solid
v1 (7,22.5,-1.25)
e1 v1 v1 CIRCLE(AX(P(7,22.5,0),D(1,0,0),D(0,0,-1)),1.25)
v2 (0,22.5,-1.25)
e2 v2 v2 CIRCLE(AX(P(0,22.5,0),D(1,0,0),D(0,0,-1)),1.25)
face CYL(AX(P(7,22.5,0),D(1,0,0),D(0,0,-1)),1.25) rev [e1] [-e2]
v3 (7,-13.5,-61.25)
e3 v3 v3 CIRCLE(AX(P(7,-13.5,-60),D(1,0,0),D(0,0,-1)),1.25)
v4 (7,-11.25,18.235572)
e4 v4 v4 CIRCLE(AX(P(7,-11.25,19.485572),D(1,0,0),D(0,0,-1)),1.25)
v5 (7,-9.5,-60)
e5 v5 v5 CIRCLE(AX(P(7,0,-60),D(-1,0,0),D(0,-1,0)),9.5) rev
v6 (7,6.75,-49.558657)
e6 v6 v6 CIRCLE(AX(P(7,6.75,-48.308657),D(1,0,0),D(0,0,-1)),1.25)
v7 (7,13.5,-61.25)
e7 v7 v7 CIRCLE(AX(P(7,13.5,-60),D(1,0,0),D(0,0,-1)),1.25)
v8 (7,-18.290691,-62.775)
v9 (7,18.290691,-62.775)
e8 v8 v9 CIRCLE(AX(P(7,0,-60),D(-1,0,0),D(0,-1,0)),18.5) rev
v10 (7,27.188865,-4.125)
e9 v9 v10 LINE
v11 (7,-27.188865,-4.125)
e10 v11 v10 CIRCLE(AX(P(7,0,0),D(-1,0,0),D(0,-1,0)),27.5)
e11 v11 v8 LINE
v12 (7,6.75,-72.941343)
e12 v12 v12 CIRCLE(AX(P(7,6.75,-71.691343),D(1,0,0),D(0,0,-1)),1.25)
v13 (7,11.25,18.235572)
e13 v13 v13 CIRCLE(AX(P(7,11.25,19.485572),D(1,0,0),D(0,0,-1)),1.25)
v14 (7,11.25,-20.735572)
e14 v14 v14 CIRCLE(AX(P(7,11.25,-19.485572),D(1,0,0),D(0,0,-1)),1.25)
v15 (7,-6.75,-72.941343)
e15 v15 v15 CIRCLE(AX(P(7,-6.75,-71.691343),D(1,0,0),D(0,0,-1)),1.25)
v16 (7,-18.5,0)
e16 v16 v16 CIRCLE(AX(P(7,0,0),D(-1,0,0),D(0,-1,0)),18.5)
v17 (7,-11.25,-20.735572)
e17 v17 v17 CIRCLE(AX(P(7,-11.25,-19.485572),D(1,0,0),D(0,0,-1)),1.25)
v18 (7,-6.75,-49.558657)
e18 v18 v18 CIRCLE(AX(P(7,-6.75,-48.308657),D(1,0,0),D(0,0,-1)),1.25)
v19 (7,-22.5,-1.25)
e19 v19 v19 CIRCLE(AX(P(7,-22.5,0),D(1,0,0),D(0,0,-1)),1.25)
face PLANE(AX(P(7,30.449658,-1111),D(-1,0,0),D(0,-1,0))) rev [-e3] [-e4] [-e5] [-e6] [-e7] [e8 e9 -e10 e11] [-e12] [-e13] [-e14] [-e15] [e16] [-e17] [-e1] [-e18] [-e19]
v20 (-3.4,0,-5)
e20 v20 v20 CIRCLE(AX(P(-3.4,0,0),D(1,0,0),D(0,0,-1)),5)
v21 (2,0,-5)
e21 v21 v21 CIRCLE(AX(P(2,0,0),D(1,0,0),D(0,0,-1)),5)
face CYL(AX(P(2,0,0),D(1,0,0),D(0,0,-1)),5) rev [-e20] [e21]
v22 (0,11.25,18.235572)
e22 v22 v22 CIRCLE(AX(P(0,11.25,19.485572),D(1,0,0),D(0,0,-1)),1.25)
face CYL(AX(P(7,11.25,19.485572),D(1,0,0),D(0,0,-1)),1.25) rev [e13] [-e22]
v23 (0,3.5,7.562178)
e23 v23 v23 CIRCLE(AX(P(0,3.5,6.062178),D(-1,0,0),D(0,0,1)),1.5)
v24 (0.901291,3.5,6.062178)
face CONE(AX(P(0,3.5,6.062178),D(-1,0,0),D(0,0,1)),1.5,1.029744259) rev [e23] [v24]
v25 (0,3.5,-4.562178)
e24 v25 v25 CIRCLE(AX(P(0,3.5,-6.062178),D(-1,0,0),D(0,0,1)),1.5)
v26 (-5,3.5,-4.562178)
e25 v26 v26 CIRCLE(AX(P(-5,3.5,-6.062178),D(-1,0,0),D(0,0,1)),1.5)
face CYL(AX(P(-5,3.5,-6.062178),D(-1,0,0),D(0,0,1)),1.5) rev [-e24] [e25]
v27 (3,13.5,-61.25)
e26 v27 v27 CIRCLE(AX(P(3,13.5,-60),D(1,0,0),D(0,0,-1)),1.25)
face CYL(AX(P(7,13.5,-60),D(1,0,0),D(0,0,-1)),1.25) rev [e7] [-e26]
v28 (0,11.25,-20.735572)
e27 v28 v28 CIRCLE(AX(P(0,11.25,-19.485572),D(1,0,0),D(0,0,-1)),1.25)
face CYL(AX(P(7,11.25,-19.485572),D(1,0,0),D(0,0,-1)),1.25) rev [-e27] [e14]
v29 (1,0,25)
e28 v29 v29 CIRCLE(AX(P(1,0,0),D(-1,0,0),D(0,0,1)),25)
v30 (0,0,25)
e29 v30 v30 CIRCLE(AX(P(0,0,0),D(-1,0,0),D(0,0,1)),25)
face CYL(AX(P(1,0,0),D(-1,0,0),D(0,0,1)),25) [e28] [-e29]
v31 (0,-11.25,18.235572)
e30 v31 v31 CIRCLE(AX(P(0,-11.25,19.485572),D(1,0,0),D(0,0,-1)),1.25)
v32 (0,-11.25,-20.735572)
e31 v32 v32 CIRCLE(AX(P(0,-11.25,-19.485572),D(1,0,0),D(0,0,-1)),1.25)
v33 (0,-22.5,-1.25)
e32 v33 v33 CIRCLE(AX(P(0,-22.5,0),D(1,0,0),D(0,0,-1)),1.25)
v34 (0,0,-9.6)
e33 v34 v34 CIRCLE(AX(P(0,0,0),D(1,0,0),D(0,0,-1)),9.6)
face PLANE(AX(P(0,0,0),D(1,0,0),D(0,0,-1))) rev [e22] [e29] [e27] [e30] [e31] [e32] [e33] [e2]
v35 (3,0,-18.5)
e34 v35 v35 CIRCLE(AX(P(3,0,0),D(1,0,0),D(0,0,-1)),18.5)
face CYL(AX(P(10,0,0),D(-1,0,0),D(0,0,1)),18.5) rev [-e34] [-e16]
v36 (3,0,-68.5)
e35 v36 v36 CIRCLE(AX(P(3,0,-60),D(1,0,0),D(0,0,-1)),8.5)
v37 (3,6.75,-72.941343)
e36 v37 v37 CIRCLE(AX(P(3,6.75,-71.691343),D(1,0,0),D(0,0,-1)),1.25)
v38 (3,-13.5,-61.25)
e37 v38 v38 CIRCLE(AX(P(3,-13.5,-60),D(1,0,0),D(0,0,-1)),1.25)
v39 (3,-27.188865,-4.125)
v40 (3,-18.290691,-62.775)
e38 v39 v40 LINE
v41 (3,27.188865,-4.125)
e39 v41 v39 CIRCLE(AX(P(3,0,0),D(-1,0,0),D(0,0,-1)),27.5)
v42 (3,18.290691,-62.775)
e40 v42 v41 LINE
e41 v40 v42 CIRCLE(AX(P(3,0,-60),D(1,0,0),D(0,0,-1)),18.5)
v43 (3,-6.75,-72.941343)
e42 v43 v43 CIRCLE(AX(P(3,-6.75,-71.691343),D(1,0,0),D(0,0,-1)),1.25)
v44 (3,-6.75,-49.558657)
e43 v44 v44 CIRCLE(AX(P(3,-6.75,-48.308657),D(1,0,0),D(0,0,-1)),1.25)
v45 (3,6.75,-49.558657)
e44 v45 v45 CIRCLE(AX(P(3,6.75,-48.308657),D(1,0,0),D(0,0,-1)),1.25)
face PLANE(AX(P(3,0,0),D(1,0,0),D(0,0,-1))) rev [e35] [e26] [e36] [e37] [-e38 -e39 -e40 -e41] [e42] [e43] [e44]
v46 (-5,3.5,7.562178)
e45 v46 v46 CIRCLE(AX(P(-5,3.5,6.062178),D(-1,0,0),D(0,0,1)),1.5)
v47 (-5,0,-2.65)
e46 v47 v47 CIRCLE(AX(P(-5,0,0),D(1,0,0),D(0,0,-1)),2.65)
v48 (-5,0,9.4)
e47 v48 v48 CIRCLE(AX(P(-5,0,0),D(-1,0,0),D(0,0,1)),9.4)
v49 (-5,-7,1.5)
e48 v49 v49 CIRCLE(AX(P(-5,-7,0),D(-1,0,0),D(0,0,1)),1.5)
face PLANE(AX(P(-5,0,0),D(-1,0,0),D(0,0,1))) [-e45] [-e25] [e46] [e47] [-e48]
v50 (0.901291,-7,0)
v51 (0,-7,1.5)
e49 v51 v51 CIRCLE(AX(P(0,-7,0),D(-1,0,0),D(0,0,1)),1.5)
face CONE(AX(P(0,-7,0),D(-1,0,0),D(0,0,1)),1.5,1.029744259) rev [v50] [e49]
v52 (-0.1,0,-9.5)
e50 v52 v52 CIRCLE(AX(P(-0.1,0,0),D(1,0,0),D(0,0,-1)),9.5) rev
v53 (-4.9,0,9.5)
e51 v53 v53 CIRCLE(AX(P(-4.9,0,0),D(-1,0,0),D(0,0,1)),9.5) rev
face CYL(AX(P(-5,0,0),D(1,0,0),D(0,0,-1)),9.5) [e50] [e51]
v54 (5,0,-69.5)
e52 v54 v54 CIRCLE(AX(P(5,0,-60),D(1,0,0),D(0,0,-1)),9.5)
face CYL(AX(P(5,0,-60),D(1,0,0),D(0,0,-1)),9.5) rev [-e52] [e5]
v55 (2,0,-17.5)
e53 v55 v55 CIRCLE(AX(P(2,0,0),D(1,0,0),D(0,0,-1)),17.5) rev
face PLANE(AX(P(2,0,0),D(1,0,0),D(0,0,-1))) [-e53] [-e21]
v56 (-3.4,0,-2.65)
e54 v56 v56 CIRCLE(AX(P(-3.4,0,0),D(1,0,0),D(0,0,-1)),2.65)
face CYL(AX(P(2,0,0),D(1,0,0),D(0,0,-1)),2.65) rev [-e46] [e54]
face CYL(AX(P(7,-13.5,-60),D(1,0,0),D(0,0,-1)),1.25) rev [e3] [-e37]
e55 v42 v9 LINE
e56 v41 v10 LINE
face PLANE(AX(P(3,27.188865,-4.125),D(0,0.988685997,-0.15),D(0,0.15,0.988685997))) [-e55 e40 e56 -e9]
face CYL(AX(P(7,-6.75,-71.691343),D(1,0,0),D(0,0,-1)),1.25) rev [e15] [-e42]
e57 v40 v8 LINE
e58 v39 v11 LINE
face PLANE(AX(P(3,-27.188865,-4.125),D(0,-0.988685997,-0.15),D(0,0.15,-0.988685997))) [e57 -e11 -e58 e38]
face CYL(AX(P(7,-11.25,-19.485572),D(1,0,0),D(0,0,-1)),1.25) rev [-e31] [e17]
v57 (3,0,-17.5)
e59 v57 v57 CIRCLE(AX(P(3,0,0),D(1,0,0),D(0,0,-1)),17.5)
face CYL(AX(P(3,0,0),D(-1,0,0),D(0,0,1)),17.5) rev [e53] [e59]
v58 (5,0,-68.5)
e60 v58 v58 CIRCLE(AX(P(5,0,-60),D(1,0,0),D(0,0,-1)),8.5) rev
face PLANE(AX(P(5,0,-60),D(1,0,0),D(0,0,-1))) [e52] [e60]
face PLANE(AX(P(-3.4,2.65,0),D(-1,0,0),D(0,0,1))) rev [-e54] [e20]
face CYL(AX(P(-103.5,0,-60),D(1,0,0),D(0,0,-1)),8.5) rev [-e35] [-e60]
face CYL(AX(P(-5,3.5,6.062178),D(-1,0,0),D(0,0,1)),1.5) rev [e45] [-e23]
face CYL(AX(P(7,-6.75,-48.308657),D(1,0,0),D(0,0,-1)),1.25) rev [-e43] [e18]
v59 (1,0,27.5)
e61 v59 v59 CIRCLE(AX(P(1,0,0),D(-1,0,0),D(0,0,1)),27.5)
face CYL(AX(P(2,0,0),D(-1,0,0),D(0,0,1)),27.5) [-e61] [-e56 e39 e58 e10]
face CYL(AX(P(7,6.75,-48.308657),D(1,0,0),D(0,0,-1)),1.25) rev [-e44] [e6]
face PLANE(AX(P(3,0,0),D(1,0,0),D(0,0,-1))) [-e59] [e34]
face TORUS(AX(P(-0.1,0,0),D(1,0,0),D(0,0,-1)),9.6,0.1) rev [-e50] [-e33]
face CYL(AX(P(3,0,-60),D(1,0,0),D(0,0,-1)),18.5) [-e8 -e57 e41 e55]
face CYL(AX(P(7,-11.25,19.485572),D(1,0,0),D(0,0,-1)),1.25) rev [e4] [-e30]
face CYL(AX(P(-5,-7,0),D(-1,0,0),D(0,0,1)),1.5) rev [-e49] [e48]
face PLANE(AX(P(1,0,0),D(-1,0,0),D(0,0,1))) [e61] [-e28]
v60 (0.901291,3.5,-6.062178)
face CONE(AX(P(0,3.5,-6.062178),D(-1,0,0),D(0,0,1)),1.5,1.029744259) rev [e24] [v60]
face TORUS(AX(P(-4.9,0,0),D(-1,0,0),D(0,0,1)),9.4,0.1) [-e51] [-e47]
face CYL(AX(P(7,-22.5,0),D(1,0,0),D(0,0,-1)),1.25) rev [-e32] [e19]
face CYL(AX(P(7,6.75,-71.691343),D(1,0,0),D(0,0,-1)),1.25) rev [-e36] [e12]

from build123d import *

# Parameters (mm, degrees)
SKETCH_3_R                   = 27.5
EXTRUDE_1_DEPTH              = 2
SKETCH_4_R                   = 27.5
SKETCH_4_R_2                 = 17.5
EXTRUDE_2_DEPTH              = 1
SKETCH_5_R                   = 27.5
SKETCH_5_R_2                 = 18.5
EXTRUDE_3_DEPTH              = 7
SKETCH_6_R                   = 27.5
SKETCH_6_R_2                 = 17.5
EXTRUDE_4_DEPTH              = 2
EXTRUDE_5_DEPTH              = 9
SKETCH_11_R                  = 8.5
CUT_EXTRUDE_3_DEPTH          = 111
SKETCH_12_R                  = 9.5
CUT_EXTRUDE_4_DEPTH          = 2.5
SKETCH_13_R                  = 9.5
EXTRUDE_6_DEPTH              = 5
SKETCH_17_W                  = 17.714059585
SKETCH_17_H                  = 64.604217311
CUT_EXTRUDE_5_DEPTH          = 1111
HOLE_WIZARD_M3_1_D           = 2.5
PATTERN_CIRCULAR_2_COUNT     = 6
HOLE_WIZARD_M3_2_D           = 2.5
PATTERN_CIRCULAR_3_COUNT     = 6
SKETCH_26_R                  = 27.5
SKETCH_26_R_2                = 25
CUT_EXTRUDE_6_DEPTH          = 1
FILLET_1_R                   = 0.1
PATTERN_CIRCULAR_4_COUNT     = 3
HOLE_WIZARD_M5_1_D           = 5.3
HOLE_WIZARD_M5_1_CBORE_D     = 10
HOLE_WIZARD_M5_1_CBORE_DEPTH = 5.4


with BuildPart() as part:
    # 스케치3 → 보스-돌출1 (new body)
    with BuildSketch(Plane(origin=(0, 0, 0), x_dir=(0, 0, -1), z_dir=(1, 0, 0))):
        Circle(SKETCH_3_R)
    extrude(amount=EXTRUDE_1_DEPTH)

    # 스케치4 → 보스-돌출2 (add)
    with BuildSketch(Plane(origin=(2, 0, 0), x_dir=(0, 0, -1), z_dir=(1, 0, 0))):
        Circle(SKETCH_4_R)
        Circle(SKETCH_4_R_2, mode=Mode.SUBTRACT)
    extrude(amount=EXTRUDE_2_DEPTH)

    # 스케치5 → 보스-돌출3 (add)
    with BuildSketch(Plane(origin=(3, 0, 0), x_dir=(0, 0, -1), z_dir=(1, 0, 0))):
        Circle(SKETCH_5_R)
        Circle(SKETCH_5_R_2, mode=Mode.SUBTRACT)
    extrude(amount=EXTRUDE_3_DEPTH)

    # 스케치6 → 보스-돌출4 (add)
    with BuildSketch(Plane(origin=(10, 0, 0), x_dir=(0, 0, -1), z_dir=(1, 0, 0))):
        Circle(SKETCH_6_R)
        Circle(SKETCH_6_R_2, mode=Mode.SUBTRACT)
    extrude(amount=EXTRUDE_4_DEPTH)

    # 스케치10 → 보스-돌출5 (add)
    with BuildSketch(Plane(origin=(12, 0, 0), x_dir=(0, 0, -1), z_dir=(1, 0, 0))):
        with BuildLine():
            Line((4.125, 27.188864908), (62.775, 18.290690938))
            ThreePointArc((62.775, 18.290690938), (78.5, 0), (62.775, -18.290690938))
            Line((62.775, -18.290690938), (4.125, -27.188864908))
            ThreePointArc((4.125, -27.188864908), (27.5, 0), (4.125, 27.188864908))
        make_face()
    extrude(amount=-EXTRUDE_5_DEPTH)

    # 스케치11 → 컷-돌출3 (cut, symmetric)
    with BuildSketch(Plane(origin=(7.5, 0, 0), x_dir=(0, 0, -1), z_dir=(1, 0, 0))):
        with Locations((60, 0)):
            Circle(SKETCH_11_R)
    extrude(amount=CUT_EXTRUDE_3_DEPTH, both=True, mode=Mode.SUBTRACT)

    # 스케치12 → 컷-돌출4 (cut, symmetric)
    with BuildSketch(Plane(origin=(7.5, 0, 0), x_dir=(0, 0, -1), z_dir=(1, 0, 0))):
        with Locations((60, 0)):
            Circle(SKETCH_12_R)
    extrude(amount=CUT_EXTRUDE_4_DEPTH, both=True, mode=Mode.SUBTRACT)

    # 스케치13 → 보스-돌출6 (add)
    with BuildSketch(Plane.ZY):
        Circle(SKETCH_13_R)
    extrude(amount=EXTRUDE_6_DEPTH)

    # 스케치17 → 컷-돌출5 (cut, symmetric)
    with BuildSketch(Plane.XY):
        with Locations((15.857029793, -1.852450676)):
            Rectangle(SKETCH_17_W, SKETCH_17_H)
    extrude(amount=CUT_EXTRUDE_5_DEPTH, both=True, mode=Mode.SUBTRACT)

    # Hole Wizard M3 _ _ _ _1 (through all)
    with Locations(Plane(origin=(7, 0, 0), x_dir=(0, 0, -1), z_dir=(1, 0, 0))):
        with Locations((0, 22.5)):
            hole_wizard_m3_1 = Hole(HOLE_WIZARD_M3_1_D / 2)

    # 원형 패턴2: Hole Wizard M3 _ _ _ _1 ×6 about axis
    pattern_circular_2_axis = Axis((0, 0, 0), (1, 0, 0))
    for i in range(1, PATTERN_CIRCULAR_2_COUNT):
        add(hole_wizard_m3_1.rotate(pattern_circular_2_axis, i * 360 / PATTERN_CIRCULAR_2_COUNT), mode=Mode.SUBTRACT)

    # M3 탭을 위한 탭 드릴2 (through all)
    with Locations(Plane(origin=(7, 0, 0), x_dir=(0, 0, -1), z_dir=(1, 0, 0))):
        with Locations((60, 13.5)):
            hole_wizard_m3_2 = Hole(HOLE_WIZARD_M3_2_D / 2)

    # 원형 패턴3: M3 탭을 위한 탭 드릴2 ×6 about axis
    pattern_circular_3_axis = Axis((0, 0, -60), (1, 0, 0))
    for i in range(1, PATTERN_CIRCULAR_3_COUNT):
        add(hole_wizard_m3_2.rotate(pattern_circular_3_axis, i * 360 / PATTERN_CIRCULAR_3_COUNT), mode=Mode.SUBTRACT)

    # 스케치26 → 컷-돌출6 (cut)
    with BuildSketch(Plane.ZY):
        Circle(SKETCH_26_R)
        Circle(SKETCH_26_R_2, mode=Mode.SUBTRACT)
    extrude(amount=-CUT_EXTRUDE_6_DEPTH, mode=Mode.SUBTRACT)

    # 필렛1
    fillet_1_edges = [part.edges().sort_by_distance(p)[0] for p in [
        (0, 0, -9.5),
        (-5, 0, -9.5),
    ]]
    fillet(fillet_1_edges, radius=FILLET_1_R)

    # 스케치29 → Ø3.0mm 맞춤핀 구멍1 (revolve, cut)
    with BuildSketch(Plane(origin=(-5, -7, 0), x_dir=(0, 0, 1), z_dir=(0, 1, 0))):
        Polygon((0, 0), (0, 5.901290929), (1.5, 5), (1.5, 0), align=None)
    f_3_0mm_1 = revolve(axis=Axis((-11.35, -7, 0), (1, 0, 0)), mode=Mode.SUBTRACT)

    # 원형 패턴4: Ø3.0mm 맞춤핀 구멍1 ×3 about axis
    pattern_circular_4_axis = Axis((0, 0, 0), (1, 0, 0))
    for i in range(1, PATTERN_CIRCULAR_4_COUNT):
        add(f_3_0mm_1.rotate(pattern_circular_4_axis, i * 360 / PATTERN_CIRCULAR_4_COUNT), mode=Mode.SUBTRACT)

    # M5 육각 소켓 머리 캡 나사용 카운터보어1 (through all)
    with Locations(Plane(origin=(2, 0, 0), x_dir=(0, 0, -1), z_dir=(1, 0, 0))):
        with Locations((0, 0)):
            CounterBoreHole(HOLE_WIZARD_M5_1_D / 2, HOLE_WIZARD_M5_1_CBORE_D / 2, HOLE_WIZARD_M5_1_CBORE_DEPTH)


solid = part.part
